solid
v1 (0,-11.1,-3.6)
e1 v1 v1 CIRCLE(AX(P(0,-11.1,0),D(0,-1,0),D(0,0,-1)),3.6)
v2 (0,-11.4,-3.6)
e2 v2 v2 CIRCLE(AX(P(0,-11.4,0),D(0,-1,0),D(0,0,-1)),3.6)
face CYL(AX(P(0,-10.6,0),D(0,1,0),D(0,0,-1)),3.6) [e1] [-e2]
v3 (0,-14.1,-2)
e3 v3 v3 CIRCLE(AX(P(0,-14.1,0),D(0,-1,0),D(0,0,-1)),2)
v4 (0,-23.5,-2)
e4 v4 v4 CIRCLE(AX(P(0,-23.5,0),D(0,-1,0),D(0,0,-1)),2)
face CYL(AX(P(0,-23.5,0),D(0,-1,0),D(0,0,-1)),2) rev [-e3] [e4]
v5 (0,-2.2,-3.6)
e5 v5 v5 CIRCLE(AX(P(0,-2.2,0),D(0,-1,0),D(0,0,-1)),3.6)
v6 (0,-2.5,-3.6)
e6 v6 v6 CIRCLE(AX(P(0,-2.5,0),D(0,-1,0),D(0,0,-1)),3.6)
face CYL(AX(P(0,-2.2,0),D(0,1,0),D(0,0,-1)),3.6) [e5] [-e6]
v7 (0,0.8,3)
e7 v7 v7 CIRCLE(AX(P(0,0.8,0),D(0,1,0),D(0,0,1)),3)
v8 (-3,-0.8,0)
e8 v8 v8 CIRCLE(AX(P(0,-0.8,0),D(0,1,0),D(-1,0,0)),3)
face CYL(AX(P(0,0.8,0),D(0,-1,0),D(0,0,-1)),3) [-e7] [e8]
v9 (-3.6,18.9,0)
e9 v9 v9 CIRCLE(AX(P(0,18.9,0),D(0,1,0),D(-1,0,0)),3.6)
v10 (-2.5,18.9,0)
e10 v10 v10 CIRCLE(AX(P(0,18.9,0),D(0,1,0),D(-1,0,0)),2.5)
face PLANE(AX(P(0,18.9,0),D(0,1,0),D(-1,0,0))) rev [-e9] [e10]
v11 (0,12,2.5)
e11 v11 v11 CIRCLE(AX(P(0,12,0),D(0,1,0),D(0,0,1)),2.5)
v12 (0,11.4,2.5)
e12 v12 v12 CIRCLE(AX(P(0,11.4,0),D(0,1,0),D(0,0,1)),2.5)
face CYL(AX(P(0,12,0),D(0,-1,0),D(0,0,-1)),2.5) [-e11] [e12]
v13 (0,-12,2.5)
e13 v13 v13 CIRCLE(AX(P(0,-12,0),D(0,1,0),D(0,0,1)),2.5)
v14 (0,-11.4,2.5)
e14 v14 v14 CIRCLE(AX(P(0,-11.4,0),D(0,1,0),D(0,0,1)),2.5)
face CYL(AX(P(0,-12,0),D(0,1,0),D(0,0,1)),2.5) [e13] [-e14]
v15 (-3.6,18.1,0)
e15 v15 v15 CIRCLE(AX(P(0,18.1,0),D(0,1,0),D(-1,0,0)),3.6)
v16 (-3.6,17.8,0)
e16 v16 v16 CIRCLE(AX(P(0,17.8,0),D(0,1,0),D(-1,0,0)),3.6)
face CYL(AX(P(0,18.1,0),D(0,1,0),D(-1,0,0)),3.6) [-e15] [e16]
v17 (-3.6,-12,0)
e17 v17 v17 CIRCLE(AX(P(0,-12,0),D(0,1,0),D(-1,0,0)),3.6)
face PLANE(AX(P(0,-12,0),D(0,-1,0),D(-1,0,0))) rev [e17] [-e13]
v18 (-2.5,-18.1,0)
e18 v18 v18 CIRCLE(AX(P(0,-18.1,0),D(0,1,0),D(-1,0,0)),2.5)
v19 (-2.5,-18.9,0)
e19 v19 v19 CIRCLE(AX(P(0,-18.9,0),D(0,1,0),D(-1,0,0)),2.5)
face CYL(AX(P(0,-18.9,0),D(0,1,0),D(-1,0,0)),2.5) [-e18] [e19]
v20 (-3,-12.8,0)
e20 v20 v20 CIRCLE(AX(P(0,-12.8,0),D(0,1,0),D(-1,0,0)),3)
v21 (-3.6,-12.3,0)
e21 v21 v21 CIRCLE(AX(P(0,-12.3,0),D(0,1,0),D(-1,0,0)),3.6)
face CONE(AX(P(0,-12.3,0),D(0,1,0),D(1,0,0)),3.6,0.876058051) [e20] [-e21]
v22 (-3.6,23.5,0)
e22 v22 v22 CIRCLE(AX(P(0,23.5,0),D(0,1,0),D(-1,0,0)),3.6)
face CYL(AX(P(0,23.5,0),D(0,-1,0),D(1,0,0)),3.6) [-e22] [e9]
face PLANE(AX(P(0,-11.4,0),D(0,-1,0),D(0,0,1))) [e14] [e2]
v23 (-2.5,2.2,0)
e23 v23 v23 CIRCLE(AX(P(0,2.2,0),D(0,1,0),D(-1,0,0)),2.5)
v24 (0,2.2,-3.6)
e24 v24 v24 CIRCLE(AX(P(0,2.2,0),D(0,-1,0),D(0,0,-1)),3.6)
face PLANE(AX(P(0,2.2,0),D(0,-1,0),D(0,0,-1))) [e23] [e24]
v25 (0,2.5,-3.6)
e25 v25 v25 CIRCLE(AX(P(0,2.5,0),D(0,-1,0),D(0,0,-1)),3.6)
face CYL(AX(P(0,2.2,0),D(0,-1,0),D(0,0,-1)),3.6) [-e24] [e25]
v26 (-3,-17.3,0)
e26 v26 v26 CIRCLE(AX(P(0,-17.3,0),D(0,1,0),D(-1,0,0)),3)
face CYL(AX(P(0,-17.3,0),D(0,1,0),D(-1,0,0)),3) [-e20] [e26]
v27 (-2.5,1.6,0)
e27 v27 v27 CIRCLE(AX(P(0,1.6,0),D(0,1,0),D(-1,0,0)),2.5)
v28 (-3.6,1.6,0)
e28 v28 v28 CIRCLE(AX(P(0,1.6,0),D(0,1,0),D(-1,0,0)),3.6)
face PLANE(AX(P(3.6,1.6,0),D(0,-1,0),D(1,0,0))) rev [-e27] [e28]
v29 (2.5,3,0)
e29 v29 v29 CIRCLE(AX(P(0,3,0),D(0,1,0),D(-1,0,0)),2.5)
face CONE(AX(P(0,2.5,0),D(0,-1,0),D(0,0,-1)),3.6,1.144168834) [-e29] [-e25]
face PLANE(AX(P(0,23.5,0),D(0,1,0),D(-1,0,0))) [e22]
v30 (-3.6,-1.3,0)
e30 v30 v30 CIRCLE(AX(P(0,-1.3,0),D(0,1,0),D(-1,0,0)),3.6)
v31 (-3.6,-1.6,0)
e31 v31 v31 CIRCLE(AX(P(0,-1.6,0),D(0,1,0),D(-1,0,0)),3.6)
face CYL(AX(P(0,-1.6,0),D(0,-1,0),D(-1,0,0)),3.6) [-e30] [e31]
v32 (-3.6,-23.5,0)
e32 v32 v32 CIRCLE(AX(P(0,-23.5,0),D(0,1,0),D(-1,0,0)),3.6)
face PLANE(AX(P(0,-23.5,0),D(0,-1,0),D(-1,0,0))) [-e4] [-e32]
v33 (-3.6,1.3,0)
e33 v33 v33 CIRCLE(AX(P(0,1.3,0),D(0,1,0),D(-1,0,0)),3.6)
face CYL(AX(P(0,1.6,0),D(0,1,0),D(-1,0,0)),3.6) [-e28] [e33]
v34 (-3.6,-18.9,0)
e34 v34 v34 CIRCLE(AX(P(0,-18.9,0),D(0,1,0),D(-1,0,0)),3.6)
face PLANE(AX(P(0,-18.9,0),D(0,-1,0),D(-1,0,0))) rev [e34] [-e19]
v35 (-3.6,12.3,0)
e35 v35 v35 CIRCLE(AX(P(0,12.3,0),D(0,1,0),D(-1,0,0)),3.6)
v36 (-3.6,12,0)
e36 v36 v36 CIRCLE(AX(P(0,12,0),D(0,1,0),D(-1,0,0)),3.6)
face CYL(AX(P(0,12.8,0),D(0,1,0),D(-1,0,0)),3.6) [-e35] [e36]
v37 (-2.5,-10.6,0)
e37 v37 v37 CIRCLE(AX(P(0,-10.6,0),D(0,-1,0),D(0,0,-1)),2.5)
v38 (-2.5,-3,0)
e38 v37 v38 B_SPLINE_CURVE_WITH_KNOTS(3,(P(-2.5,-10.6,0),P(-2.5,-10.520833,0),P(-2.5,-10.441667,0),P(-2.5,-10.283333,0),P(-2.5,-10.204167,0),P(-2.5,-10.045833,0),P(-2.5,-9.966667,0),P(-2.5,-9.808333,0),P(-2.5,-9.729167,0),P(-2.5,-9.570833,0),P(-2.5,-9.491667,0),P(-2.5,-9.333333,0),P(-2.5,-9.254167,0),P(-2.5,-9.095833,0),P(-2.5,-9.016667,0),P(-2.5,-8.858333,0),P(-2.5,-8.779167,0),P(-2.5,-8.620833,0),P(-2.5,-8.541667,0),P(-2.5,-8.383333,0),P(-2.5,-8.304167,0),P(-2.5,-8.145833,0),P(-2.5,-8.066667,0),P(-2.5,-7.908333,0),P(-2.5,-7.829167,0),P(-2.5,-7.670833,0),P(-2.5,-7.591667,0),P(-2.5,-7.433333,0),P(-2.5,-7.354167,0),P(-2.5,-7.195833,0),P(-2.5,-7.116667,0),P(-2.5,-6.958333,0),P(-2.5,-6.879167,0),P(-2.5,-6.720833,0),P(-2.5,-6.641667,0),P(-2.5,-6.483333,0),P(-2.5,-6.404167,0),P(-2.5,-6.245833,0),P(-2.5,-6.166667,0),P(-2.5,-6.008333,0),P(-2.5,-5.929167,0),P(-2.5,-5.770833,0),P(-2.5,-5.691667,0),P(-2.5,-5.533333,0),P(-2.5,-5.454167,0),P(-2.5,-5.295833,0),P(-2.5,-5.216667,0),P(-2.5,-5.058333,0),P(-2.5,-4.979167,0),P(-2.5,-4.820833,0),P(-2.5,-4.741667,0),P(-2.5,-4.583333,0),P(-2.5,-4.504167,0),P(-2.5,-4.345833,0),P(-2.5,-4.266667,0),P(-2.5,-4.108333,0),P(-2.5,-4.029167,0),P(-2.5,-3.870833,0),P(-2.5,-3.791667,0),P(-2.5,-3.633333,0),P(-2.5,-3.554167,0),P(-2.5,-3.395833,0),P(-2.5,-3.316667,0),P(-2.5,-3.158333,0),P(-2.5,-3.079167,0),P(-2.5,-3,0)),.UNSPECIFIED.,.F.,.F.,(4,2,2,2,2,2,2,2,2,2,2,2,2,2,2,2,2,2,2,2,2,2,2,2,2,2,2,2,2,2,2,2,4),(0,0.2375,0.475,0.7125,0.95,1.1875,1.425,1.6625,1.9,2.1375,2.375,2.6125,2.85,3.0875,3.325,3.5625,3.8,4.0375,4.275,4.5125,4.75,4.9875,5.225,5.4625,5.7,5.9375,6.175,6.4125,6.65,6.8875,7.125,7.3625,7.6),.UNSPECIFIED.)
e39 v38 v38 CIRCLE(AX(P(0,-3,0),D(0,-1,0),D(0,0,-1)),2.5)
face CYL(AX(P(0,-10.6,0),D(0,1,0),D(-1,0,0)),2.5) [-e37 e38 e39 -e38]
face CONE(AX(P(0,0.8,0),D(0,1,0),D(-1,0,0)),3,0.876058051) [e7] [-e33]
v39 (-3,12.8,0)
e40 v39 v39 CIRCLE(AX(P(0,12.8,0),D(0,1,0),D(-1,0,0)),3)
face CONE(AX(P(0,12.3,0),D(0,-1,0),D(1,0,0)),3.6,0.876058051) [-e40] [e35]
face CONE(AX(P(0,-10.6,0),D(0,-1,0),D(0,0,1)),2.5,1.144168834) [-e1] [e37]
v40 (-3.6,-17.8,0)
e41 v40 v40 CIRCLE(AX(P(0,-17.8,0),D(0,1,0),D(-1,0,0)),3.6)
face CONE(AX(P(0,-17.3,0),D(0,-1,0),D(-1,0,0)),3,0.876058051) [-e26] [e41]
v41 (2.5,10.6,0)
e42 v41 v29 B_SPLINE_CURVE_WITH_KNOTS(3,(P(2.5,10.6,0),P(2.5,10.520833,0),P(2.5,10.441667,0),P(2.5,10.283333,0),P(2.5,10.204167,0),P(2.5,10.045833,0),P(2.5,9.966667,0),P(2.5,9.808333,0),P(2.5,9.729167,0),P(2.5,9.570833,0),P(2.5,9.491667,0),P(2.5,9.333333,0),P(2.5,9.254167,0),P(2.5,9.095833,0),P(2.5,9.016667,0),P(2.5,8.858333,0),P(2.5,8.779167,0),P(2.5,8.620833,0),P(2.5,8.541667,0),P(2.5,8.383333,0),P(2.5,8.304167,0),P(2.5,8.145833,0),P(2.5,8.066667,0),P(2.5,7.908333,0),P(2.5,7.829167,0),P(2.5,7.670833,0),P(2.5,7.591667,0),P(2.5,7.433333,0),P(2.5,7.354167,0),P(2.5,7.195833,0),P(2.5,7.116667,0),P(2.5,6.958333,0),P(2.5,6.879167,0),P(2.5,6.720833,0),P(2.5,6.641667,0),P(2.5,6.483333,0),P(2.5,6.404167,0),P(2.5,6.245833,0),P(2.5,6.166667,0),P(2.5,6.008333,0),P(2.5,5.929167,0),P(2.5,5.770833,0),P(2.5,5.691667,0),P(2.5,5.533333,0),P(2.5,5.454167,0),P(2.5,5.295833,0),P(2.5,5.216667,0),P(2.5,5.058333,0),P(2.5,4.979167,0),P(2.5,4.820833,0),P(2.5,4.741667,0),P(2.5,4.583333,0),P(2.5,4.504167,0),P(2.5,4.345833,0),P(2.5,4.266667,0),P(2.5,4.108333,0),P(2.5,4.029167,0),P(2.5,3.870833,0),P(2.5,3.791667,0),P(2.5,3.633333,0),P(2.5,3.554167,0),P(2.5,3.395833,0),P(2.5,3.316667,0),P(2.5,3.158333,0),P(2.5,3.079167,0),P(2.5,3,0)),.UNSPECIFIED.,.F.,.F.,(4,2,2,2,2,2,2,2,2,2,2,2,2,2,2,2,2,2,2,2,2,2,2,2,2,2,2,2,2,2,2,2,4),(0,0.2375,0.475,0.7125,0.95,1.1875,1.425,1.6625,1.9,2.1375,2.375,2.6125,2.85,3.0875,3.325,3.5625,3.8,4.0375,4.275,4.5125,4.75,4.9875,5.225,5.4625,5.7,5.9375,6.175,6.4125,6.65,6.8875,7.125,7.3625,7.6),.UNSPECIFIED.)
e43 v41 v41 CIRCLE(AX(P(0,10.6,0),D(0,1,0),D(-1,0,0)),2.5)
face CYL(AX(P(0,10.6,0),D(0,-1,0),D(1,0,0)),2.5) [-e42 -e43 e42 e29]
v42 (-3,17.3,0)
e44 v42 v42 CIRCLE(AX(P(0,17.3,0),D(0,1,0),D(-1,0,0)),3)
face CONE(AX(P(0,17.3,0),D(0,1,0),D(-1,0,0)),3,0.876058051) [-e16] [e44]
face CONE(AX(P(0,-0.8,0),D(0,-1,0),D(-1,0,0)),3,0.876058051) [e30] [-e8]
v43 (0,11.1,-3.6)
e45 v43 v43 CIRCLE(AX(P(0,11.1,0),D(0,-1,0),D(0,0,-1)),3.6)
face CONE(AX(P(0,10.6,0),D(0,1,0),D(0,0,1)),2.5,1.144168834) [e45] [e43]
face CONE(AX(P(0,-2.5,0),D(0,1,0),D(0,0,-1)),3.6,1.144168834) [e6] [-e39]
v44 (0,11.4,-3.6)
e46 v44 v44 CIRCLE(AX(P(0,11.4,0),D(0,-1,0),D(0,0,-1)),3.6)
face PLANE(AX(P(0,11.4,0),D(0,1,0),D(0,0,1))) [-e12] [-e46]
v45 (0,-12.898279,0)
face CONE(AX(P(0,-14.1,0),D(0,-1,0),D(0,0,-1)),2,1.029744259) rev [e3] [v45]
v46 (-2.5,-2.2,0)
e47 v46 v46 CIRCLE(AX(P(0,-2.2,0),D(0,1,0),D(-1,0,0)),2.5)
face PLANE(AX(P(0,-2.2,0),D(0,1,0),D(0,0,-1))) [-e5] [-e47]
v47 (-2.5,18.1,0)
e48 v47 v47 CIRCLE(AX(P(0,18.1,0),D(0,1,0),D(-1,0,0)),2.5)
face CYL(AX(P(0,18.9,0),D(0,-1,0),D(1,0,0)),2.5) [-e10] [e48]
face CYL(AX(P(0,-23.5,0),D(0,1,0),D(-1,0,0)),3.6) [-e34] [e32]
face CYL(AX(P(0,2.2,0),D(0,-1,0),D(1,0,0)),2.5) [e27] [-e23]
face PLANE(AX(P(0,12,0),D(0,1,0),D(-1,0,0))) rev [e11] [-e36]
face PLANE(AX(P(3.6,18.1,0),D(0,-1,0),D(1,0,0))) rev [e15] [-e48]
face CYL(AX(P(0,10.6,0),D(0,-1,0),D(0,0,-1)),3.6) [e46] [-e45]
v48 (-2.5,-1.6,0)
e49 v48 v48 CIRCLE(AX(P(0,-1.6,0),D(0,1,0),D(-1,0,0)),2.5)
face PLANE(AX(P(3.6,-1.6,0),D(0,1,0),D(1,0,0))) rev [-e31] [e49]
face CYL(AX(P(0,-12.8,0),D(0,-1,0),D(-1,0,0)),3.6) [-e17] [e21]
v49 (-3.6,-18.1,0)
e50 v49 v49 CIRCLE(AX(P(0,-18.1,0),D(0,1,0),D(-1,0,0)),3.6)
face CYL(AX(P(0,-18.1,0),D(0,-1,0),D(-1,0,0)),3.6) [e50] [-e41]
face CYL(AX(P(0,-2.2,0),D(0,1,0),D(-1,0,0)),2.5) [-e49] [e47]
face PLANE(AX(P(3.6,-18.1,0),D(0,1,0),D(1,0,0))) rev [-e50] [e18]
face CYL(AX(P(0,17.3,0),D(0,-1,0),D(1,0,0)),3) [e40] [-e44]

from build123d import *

# Parameters (mm, degrees)
MIDBODYS_R                   = 3
MIDBODY_DEPTH                = 0.8
MIDORINGBODYS_R              = 2.5
MIDORINGBODY_DEPTH           = 0.6
EXTENDEDMIDBODYS_R           = 2.5
EXTENDEDMIDBODY_DEPTH        = 7.6
F_2NDORINGBODYS_R            = 2.5
F_2NDORINGBODY_DEPTH         = 0.6
F_2NDEXTENDEDBODYS_R         = 3
F_2NDEXTENDEDBODY_DEPTH      = 4.5
F_3RDORINGBODYS_R            = 2.5
F_3RDORINGBODY_DEPTH         = 0.8
ENDBODY_START                = 4.6
ENDBODYS_R                   = 3.6
ENDBODY_DEPTH                = 4.6
F_4_0_4_DIAMETER_HOLE1_D     = 4
F_4_0_4_DIAMETER_HOLE1_DEPTH = 9.4
F_4_0_4_DIAMETER_HOLE1_TIP   = 1.201721238


with BuildPart() as part:
    # MidBodyS → MidBody (new body)
    with BuildSketch(Plane(origin=(0, 0, 0), x_dir=(1, 0, 0), z_dir=(0, 1, 0))):
        with Locations(Location((0, 0, 0), (0, 0, 270))):
            Circle(MIDBODYS_R)
    midbody = extrude(amount=MIDBODY_DEPTH)

    # MidORingBaseS → MidORingBase (revolve)
    with BuildSketch(Plane.XY, mode=Mode.PRIVATE) as midoringbase_sk:
        Polygon((3, 0.8), (3.6, 1.3), (3.6, 1.6), (0, 1.6), (0, 0.8), align=None)
    midoringbase = revolve(midoringbase_sk.sketch.rotate(Axis((0, 1.6, 0), (0, -1, 0)), 180), axis=Axis((0, 1.6, 0), (0, -1, 0)))

    # MidORingBodyS → MidORingBody (add)
    with BuildSketch(Plane(origin=(0, 1.6, 0), x_dir=(1, 0, 0), z_dir=(0, 1, 0))):
        with Locations(Location((0, 0, 0), (0, 0, 180))):
            Circle(MIDORINGBODYS_R)
    midoringbody = extrude(amount=MIDORINGBODY_DEPTH)

    # MidORingTopBaseS → MidORingTopBase (revolve)
    with BuildSketch(Plane.XY, mode=Mode.PRIVATE) as midoringtopbase_sk:
        Polygon((0, 2.2), (3.6, 2.2), (3.6, 2.5), (2.5, 3), (0, 3), align=None)
    midoringtopbase = revolve(midoringtopbase_sk.sketch.rotate(Axis((0, 2.2, 0), (0, 1, 0)), 90), axis=Axis((0, 2.2, 0), (0, 1, 0)))

    # ExtendedMidBodyS → ExtendedMidBody (add)
    with BuildSketch(Plane(origin=(0, 3, 0), x_dir=(1, 0, 0), z_dir=(0, 1, 0))):
        with Locations(Location((0, 0, 0), (0, 0, 180))):
            Circle(EXTENDEDMIDBODYS_R)
    extendedmidbody = extrude(amount=EXTENDEDMIDBODY_DEPTH)

    # 2ndORingBaseS → 2ndORingBase (revolve)
    with BuildSketch(Plane.XY):
        Polygon((0, 11.4), (3.6, 11.4), (3.6, 11.1), (2.5, 10.6), (0, 10.6), align=None)
    f_2ndoringbase = revolve(axis=Axis((0, 10.6, 0), (0, 1, 0)))

    # 2ndORingBodyS → 2ndORingBody (add)
    with BuildSketch(Plane(origin=(0, 11.4, 0), x_dir=(1, 0, 0), z_dir=(0, 1, 0))):
        with Locations(Location((0, 0, 0), (0, 0, 180))):
            Circle(F_2NDORINGBODYS_R)
    f_2ndoringbody = extrude(amount=F_2NDORINGBODY_DEPTH)

    # 2ndORingBaseTopS → 2ndORingBaseTop (revolve)
    with BuildSketch(Plane.XY, mode=Mode.PRIVATE) as f_2ndoringbasetop_sk:
        Polygon((0, 12), (3.6, 12), (3.6, 12.3), (3, 12.8), (0, 12.8), align=None)
    f_2ndoringbasetop = revolve(f_2ndoringbasetop_sk.sketch.rotate(Axis((0, 12.8, 0), (0, -1, 0)), 180), axis=Axis((0, 12.8, 0), (0, -1, 0)))

    # 2ndExtendedBodyS → 2ndExtendedBody (add)
    with BuildSketch(Plane(origin=(0, 12.8, 0), x_dir=(1, 0, 0), z_dir=(0, 1, 0))):
        with Locations(Location((0, 0, 0), (0, 0, 270))):
            Circle(F_2NDEXTENDEDBODYS_R)
    f_2ndextendedbody = extrude(amount=F_2NDEXTENDEDBODY_DEPTH)

    # 3rdORingBaseS → 3rdORingBase (revolve)
    with BuildSketch(Plane.XY, mode=Mode.PRIVATE) as f_3rdoringbase_sk:
        Polygon((0, 17.3), (3, 17.3), (3.6, 17.8), (3.6, 18.1), (0, 18.1), align=None)
    f_3rdoringbase = revolve(f_3rdoringbase_sk.sketch.rotate(Axis((0, 18.1, 0), (0, -1, 0)), 180), axis=Axis((0, 18.1, 0), (0, -1, 0)))

    # 3rdORingBodyS → 3rdORingBody (add)
    with BuildSketch(Plane(origin=(0, 18.1, 0), x_dir=(1, 0, 0), z_dir=(0, 1, 0))):
        with Locations(Location((0, 0, 0), (0, 0, 180))):
            Circle(F_3RDORINGBODYS_R)
    f_3rdoringbody = extrude(amount=F_3RDORINGBODY_DEPTH)

    # EndBodyS → EndBody (add)
    with BuildSketch(Plane(origin=(0, 18.9, 0), x_dir=(1, 0, 0), z_dir=(0, 1, 0)).offset(ENDBODY_START)):
        with Locations(Location((0, 0, 0), (0, 0, 180))):
            Circle(ENDBODYS_R)
    endbody = extrude(amount=-ENDBODY_DEPTH)

    # HalfBodyVM: MidBody, MidORingBase, MidORingBody, MidORingTopBase, ExtendedMidBody, 2ndORingBase, 2ndORingBody, 2ndORingBaseTop, 2ndExtendedBody, 3rdORingBase, 3rdORingBody, EndBody across plane
    add(midbody.mirror(Plane.ZX))
    add(midoringbase.mirror(Plane.ZX))
    add(midoringbody.mirror(Plane.ZX))
    add(midoringtopbase.mirror(Plane.ZX))
    add(extendedmidbody.mirror(Plane.ZX))
    add(f_2ndoringbase.mirror(Plane.ZX))
    add(f_2ndoringbody.mirror(Plane.ZX))
    add(f_2ndoringbasetop.mirror(Plane.ZX))
    add(f_2ndextendedbody.mirror(Plane.ZX))
    add(f_3rdoringbase.mirror(Plane.ZX))
    add(f_3rdoringbody.mirror(Plane.ZX))
    add(endbody.mirror(Plane.ZX))

    # Ø4.0 (4) Diameter Hole1
    with Locations(Plane(origin=(0, -23.5, 0), x_dir=(-1, 0, 0), z_dir=(0, -1, 0))):
        with Locations((0, 0)):
            Hole(F_4_0_4_DIAMETER_HOLE1_D / 2, depth=F_4_0_4_DIAMETER_HOLE1_DEPTH)
            with Locations((0, 0, -(F_4_0_4_DIAMETER_HOLE1_DEPTH + F_4_0_4_DIAMETER_HOLE1_TIP / 2))):  # 118° drill point
                Cone(0, F_4_0_4_DIAMETER_HOLE1_D / 2, F_4_0_4_DIAMETER_HOLE1_TIP, mode=Mode.SUBTRACT)


solid = part.part
